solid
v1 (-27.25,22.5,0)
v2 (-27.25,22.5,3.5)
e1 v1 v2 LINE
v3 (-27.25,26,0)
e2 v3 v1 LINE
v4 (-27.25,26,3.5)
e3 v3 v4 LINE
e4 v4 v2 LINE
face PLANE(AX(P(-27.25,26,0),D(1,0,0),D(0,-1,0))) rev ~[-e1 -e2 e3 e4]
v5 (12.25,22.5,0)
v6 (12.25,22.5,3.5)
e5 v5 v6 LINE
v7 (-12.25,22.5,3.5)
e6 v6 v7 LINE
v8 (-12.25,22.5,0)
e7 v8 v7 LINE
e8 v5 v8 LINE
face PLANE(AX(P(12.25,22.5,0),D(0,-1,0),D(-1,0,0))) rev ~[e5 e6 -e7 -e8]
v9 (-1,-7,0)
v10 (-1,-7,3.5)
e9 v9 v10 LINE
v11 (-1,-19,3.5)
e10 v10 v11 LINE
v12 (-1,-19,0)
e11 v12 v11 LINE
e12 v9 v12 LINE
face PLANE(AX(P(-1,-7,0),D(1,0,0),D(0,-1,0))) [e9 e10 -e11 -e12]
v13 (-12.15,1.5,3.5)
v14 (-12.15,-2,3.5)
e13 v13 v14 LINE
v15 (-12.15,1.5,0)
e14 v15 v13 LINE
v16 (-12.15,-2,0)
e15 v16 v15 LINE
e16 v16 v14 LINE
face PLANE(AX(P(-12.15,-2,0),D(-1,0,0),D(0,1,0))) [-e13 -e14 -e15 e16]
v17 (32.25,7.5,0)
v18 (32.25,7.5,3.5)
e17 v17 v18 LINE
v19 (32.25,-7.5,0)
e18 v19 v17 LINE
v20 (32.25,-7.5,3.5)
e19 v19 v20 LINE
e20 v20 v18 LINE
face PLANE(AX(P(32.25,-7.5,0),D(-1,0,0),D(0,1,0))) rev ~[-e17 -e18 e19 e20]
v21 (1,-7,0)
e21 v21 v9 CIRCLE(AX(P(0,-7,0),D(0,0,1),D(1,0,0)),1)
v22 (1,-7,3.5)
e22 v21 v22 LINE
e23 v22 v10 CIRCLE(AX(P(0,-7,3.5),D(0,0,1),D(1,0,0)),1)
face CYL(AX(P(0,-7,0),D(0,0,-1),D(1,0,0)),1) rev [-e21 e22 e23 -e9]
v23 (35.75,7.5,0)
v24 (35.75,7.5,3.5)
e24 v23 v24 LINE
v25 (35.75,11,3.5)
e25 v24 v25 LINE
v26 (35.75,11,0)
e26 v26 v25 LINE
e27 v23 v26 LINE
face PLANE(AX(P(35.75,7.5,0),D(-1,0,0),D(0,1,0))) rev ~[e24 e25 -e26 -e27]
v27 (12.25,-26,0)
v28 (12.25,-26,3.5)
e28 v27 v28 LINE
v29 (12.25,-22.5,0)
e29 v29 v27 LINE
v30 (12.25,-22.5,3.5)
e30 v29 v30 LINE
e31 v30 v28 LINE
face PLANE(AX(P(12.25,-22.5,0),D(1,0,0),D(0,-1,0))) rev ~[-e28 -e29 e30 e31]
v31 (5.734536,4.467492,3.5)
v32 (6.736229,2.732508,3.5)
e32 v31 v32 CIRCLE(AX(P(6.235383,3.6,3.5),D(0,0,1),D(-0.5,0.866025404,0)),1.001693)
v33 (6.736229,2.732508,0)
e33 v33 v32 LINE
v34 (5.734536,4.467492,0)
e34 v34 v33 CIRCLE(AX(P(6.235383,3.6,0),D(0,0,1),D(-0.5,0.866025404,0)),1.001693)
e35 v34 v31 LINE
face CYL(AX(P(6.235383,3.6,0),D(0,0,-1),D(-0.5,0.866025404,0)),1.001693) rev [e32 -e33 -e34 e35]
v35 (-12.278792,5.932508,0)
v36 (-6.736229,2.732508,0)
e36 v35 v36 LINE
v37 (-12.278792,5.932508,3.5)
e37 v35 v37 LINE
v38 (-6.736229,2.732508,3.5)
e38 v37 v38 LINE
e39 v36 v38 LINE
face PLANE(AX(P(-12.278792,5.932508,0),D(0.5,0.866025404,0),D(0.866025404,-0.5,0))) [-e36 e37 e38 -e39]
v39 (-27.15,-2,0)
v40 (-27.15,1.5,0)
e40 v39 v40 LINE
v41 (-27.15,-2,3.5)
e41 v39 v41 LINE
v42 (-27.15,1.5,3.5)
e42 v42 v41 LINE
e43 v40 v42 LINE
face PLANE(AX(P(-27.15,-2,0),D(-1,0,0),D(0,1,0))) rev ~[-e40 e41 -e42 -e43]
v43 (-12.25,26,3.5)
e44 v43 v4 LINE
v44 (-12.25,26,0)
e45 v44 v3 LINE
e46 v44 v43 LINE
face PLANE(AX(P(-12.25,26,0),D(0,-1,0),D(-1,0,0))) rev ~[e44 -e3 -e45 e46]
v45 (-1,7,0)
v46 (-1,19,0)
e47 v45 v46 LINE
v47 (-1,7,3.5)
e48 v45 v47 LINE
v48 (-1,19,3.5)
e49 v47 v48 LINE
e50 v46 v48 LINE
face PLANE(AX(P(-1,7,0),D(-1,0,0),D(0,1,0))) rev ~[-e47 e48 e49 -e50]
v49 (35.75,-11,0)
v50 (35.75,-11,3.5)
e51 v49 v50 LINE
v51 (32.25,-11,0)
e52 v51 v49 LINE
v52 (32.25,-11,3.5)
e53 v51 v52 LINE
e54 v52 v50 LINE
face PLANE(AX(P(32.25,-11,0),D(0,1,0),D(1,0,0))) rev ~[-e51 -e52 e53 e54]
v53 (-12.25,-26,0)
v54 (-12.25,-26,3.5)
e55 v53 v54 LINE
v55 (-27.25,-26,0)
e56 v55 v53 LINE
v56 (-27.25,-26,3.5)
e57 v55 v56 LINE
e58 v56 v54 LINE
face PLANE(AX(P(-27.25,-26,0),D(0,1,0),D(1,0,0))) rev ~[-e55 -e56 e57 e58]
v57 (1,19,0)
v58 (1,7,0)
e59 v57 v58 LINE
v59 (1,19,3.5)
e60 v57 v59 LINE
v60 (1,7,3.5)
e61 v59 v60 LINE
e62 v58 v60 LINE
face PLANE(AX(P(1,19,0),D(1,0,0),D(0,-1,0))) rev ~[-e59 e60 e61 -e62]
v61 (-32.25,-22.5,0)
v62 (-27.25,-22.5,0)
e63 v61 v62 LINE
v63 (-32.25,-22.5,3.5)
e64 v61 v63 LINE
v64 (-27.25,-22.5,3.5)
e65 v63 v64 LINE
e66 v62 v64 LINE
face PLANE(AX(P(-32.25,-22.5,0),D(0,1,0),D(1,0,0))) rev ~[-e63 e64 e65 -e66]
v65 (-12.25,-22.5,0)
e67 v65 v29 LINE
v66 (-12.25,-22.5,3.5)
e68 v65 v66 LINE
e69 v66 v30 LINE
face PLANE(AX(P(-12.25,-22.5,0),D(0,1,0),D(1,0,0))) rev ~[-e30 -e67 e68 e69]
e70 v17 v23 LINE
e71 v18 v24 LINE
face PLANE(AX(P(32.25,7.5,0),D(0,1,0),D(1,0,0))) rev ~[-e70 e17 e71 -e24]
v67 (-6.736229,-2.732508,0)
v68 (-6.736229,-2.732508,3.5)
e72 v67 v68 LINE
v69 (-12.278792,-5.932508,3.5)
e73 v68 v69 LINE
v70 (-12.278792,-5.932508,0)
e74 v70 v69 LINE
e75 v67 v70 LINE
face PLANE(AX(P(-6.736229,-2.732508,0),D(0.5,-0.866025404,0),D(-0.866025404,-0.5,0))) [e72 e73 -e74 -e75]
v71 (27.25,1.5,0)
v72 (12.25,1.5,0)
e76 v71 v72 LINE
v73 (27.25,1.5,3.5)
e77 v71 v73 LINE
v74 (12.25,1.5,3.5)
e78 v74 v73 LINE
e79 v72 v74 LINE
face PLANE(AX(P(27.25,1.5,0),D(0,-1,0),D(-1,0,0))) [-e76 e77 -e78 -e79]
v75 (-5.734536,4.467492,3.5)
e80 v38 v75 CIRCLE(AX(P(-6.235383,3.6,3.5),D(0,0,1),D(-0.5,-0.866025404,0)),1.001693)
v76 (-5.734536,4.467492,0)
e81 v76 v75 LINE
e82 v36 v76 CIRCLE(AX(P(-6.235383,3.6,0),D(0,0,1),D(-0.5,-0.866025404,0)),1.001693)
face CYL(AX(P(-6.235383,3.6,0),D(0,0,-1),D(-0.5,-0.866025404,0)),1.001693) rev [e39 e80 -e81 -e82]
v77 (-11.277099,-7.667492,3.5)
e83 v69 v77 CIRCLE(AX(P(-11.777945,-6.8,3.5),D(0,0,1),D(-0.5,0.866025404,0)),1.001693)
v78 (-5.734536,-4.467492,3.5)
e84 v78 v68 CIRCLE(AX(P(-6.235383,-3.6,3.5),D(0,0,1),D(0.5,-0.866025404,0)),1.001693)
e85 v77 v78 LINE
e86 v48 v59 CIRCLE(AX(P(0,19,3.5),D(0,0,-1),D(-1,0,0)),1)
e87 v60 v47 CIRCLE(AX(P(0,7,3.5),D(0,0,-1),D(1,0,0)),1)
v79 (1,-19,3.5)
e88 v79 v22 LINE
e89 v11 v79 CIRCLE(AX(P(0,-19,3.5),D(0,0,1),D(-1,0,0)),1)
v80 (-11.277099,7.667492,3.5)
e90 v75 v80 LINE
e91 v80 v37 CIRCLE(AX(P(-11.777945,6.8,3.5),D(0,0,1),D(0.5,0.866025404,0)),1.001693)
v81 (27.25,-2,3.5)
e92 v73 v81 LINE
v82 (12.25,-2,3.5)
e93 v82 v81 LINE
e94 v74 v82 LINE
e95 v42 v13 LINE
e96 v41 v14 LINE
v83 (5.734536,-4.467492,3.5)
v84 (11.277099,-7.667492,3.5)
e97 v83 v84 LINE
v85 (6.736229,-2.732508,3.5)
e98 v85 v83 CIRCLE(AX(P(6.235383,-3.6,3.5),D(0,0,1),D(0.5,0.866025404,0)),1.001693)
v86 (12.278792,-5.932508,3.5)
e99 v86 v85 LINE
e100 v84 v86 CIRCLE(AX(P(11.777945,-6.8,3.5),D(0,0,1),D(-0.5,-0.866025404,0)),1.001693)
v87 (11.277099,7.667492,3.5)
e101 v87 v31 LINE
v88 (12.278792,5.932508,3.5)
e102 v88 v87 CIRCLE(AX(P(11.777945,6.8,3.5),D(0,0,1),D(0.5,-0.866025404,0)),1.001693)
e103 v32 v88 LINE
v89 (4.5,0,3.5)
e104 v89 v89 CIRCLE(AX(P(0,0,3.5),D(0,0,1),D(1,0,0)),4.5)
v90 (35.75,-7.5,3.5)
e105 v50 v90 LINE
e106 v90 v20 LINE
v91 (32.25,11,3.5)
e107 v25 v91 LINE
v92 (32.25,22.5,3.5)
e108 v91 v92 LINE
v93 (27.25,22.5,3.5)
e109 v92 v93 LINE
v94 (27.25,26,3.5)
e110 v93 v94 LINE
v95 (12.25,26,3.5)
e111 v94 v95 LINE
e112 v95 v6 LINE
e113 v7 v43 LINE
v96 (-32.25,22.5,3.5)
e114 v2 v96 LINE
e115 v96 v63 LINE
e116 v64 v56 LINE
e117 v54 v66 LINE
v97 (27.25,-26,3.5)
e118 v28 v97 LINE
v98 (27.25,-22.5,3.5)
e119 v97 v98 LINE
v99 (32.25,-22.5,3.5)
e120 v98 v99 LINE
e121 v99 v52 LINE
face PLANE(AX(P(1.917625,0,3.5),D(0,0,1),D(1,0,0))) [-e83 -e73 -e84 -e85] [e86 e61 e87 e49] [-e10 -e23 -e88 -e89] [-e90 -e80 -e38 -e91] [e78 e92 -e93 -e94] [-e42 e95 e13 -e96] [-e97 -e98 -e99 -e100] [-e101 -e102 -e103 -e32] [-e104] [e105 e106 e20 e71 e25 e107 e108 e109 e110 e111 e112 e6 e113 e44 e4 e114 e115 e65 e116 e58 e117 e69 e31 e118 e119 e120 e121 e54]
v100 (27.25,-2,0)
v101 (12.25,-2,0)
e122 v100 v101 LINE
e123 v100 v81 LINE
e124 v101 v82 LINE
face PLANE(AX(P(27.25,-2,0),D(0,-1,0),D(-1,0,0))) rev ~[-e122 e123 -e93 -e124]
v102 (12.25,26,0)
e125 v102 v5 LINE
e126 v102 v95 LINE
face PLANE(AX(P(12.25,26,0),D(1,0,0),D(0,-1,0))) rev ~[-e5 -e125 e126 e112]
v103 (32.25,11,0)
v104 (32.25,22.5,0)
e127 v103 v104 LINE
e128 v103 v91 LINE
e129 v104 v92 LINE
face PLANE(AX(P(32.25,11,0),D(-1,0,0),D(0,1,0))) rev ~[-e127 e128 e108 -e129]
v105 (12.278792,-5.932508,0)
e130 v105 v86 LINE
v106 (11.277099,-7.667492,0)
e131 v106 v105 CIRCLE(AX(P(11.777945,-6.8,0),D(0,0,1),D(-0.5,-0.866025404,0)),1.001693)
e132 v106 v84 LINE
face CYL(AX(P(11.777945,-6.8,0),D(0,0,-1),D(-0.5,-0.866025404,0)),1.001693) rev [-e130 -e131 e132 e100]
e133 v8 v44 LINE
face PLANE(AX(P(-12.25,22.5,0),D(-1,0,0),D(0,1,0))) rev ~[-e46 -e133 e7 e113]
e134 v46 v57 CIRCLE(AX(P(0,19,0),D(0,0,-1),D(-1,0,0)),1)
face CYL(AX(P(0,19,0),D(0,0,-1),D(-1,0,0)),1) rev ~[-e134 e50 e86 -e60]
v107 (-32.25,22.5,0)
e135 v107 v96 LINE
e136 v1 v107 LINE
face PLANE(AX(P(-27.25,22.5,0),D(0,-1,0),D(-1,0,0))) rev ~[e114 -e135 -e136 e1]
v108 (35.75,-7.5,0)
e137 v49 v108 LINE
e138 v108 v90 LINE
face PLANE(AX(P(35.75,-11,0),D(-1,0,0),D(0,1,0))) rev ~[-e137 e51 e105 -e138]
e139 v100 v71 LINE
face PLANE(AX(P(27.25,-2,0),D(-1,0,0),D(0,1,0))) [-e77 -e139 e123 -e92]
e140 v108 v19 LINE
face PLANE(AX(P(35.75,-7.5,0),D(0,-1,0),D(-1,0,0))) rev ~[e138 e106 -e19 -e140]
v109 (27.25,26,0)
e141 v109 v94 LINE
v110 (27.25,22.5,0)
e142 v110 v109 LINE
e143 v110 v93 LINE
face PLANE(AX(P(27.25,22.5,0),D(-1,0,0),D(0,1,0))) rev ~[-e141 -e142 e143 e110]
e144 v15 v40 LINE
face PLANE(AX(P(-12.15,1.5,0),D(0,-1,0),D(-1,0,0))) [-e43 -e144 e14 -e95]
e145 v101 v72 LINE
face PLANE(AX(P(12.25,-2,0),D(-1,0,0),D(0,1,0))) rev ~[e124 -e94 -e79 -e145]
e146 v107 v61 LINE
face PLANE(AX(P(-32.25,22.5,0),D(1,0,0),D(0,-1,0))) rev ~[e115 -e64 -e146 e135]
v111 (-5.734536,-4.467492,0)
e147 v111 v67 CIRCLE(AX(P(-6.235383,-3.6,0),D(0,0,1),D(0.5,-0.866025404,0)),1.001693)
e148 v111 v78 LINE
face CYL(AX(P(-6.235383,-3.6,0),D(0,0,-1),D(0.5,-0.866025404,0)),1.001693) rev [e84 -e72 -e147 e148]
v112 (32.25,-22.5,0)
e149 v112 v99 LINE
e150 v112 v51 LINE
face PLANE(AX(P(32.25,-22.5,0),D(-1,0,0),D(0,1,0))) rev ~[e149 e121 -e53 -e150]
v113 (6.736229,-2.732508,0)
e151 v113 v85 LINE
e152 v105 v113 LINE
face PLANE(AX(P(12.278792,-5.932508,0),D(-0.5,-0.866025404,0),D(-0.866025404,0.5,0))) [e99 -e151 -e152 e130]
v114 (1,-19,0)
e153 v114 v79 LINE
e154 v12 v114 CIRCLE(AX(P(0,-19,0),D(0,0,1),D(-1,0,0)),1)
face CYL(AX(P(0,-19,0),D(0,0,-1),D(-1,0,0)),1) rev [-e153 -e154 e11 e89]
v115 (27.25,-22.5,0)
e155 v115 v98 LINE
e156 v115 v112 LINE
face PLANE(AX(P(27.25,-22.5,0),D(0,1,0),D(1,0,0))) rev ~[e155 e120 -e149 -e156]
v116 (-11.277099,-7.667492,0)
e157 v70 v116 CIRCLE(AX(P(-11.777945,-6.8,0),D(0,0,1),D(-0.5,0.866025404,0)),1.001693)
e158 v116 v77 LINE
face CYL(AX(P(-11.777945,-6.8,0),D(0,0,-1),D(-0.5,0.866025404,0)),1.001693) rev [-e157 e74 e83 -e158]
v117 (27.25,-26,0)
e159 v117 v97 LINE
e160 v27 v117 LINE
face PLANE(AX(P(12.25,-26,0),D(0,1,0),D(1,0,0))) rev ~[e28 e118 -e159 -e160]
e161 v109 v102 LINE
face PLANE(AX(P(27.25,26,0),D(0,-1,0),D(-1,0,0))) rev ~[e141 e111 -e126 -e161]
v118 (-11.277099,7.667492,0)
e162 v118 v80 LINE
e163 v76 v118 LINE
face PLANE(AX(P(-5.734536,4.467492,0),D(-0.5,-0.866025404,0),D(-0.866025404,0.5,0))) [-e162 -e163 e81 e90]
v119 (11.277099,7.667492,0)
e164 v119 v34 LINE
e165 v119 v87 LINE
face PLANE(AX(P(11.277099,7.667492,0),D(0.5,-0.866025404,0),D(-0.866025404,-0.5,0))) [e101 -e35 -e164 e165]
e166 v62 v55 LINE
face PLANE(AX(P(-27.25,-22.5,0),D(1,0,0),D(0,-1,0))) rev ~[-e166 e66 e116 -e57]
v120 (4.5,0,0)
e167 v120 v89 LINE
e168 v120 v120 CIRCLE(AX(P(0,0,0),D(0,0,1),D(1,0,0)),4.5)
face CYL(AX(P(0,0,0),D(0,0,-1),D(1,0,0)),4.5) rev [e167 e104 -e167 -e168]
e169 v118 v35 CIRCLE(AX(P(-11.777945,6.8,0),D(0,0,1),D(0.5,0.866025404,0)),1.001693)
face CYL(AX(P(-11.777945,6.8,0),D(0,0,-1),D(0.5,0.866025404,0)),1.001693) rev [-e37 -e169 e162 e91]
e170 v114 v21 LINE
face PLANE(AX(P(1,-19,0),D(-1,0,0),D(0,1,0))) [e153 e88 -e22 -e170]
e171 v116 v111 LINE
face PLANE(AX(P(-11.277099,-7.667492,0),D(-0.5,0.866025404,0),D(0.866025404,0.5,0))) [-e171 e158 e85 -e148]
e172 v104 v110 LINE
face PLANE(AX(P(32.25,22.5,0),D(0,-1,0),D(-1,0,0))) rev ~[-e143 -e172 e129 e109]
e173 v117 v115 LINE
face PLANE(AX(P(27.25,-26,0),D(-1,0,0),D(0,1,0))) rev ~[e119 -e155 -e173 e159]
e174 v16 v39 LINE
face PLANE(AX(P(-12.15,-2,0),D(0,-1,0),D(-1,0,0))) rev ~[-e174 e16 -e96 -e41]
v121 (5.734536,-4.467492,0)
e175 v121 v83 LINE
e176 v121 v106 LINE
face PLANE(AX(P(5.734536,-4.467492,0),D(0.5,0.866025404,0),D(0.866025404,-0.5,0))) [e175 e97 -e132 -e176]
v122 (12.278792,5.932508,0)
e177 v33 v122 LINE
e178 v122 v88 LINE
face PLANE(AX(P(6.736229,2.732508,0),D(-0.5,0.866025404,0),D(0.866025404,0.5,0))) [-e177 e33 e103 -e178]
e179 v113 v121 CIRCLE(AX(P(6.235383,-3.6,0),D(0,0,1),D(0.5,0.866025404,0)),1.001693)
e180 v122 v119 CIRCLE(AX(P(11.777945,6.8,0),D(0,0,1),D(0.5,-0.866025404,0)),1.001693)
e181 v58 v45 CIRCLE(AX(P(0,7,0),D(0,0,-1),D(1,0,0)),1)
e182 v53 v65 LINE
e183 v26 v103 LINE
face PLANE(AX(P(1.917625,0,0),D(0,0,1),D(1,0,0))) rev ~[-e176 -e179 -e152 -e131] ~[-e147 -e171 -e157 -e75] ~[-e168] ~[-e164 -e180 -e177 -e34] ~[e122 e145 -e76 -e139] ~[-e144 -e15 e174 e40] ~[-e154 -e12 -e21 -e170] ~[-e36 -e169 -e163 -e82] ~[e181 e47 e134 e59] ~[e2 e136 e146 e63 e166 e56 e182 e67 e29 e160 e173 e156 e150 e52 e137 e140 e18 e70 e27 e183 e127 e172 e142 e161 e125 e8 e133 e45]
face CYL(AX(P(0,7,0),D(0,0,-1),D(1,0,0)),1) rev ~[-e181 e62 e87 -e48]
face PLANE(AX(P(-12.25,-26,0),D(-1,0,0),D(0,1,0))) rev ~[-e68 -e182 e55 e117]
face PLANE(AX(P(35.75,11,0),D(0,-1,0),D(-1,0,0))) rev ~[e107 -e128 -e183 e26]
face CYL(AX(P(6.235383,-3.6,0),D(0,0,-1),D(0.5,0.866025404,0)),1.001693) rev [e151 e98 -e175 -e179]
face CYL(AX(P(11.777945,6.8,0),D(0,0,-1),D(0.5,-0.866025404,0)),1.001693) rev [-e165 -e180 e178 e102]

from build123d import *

# Parameters (mm, degrees)
SKETCH1_R           = 4.5
BOSS_EXTRUDE1_DEPTH = 3.5
SKETCH2_W           = 15
SKETCH2_H           = 3.5
CUT_EXTRUDE1_DEPTH  = 45.343122353


with BuildPart() as part:
    # Sketch1 → Boss-Extrude1 (new body)
    with BuildSketch(Plane.XY):
        Polygon((27.25, -26), (27.25, -22.5), (32.25, -22.5), (32.25, -11), (35.75, -11), (35.75, -7.5), (32.25, -7.5), (32.25, 7.5), (35.75, 7.5), (35.75, 11), (32.25, 11), (32.25, 22.5), (27.25, 22.5), (27.25, 26), (12.25, 26), (12.25, 22.5), (-12.25, 22.5), (-12.25, 26), (-27.25, 26), (-27.25, 22.5), (-32.25, 22.5), (-32.25, -22.5), (-27.25, -22.5), (-27.25, -26), (-12.25, -26), (-12.25, -22.5), (12.25, -22.5), (12.25, -26), align=None)
        Circle(SKETCH1_R, mode=Mode.SUBTRACT)
        with BuildLine():
            Line((-11.277098909, -7.667491727), (-5.734536325, -4.467491727))
            ThreePointArc((-5.734536325, -4.467491727), (-5.36789118, -3.099153418), (-6.736229489, -2.732508273))
            Line((-6.736229489, -2.732508273), (-12.278792074, -5.932508273))
            ThreePointArc((-12.278792074, -5.932508273), (-12.645437219, -7.300846582), (-11.277098909, -7.667491727))
        make_face(mode=Mode.SUBTRACT)
        with BuildLine():
            Line((1, 19), (1, 7))
            ThreePointArc((1, 7), (0, 6), (-1, 7))
            Line((-1, 7), (-1, 19))
            ThreePointArc((-1, 19), (0, 20), (1, 19))
        make_face(mode=Mode.SUBTRACT)
        with BuildLine():
            Line((-12.278792074, 5.932508273), (-6.736229489, 2.732508273))
            ThreePointArc((-6.736229489, 2.732508273), (-5.36789118, 3.099153418), (-5.734536325, 4.467491727))
            Line((-5.734536325, 4.467491727), (-11.277098909, 7.667491727))
            ThreePointArc((-11.277098909, 7.667491727), (-12.645437219, 7.300846582), (-12.278792074, 5.932508273))
        make_face(mode=Mode.SUBTRACT)
        with BuildLine():
            Line((11.277098909, 7.667491727), (5.734536325, 4.467491727))
            ThreePointArc((5.734536325, 4.467491727), (5.36789118, 3.099153418), (6.736229489, 2.732508273))
            Line((6.736229489, 2.732508273), (12.278792074, 5.932508273))
            ThreePointArc((12.278792074, 5.932508273), (12.645437219, 7.300846582), (11.277098909, 7.667491727))
        make_face(mode=Mode.SUBTRACT)
        with BuildLine():
            Line((12.278792074, -5.932508273), (6.736229489, -2.732508273))
            ThreePointArc((6.736229489, -2.732508273), (5.36789118, -3.099153418), (5.734536325, -4.467491727))
            Line((5.734536325, -4.467491727), (11.277098909, -7.667491727))
            ThreePointArc((11.277098909, -7.667491727), (12.645437219, -7.300846582), (12.278792074, -5.932508273))
        make_face(mode=Mode.SUBTRACT)
        with BuildLine():
            Line((1, -19), (1, -7))
            ThreePointArc((1, -7), (0, -6), (-1, -7))
            Line((-1, -7), (-1, -19))
            ThreePointArc((-1, -19), (0, -20), (1, -19))
        make_face(mode=Mode.SUBTRACT)
    extrude(amount=BOSS_EXTRUDE1_DEPTH)

    # Sketch2 → Cut-Extrude1 (cut, through all)
    with BuildSketch(Plane(origin=(0, 0, 0), x_dir=(-1, 0, 0), z_dir=(0, 0, -1))):
        with Locations((19.65, -0.25)):
            Rectangle(SKETCH2_W, SKETCH2_H)
        with Locations((-19.75, -0.25)):
            Rectangle(SKETCH2_W, SKETCH2_H)
    extrude(amount=-CUT_EXTRUDE1_DEPTH, mode=Mode.SUBTRACT)


solid = part.part
